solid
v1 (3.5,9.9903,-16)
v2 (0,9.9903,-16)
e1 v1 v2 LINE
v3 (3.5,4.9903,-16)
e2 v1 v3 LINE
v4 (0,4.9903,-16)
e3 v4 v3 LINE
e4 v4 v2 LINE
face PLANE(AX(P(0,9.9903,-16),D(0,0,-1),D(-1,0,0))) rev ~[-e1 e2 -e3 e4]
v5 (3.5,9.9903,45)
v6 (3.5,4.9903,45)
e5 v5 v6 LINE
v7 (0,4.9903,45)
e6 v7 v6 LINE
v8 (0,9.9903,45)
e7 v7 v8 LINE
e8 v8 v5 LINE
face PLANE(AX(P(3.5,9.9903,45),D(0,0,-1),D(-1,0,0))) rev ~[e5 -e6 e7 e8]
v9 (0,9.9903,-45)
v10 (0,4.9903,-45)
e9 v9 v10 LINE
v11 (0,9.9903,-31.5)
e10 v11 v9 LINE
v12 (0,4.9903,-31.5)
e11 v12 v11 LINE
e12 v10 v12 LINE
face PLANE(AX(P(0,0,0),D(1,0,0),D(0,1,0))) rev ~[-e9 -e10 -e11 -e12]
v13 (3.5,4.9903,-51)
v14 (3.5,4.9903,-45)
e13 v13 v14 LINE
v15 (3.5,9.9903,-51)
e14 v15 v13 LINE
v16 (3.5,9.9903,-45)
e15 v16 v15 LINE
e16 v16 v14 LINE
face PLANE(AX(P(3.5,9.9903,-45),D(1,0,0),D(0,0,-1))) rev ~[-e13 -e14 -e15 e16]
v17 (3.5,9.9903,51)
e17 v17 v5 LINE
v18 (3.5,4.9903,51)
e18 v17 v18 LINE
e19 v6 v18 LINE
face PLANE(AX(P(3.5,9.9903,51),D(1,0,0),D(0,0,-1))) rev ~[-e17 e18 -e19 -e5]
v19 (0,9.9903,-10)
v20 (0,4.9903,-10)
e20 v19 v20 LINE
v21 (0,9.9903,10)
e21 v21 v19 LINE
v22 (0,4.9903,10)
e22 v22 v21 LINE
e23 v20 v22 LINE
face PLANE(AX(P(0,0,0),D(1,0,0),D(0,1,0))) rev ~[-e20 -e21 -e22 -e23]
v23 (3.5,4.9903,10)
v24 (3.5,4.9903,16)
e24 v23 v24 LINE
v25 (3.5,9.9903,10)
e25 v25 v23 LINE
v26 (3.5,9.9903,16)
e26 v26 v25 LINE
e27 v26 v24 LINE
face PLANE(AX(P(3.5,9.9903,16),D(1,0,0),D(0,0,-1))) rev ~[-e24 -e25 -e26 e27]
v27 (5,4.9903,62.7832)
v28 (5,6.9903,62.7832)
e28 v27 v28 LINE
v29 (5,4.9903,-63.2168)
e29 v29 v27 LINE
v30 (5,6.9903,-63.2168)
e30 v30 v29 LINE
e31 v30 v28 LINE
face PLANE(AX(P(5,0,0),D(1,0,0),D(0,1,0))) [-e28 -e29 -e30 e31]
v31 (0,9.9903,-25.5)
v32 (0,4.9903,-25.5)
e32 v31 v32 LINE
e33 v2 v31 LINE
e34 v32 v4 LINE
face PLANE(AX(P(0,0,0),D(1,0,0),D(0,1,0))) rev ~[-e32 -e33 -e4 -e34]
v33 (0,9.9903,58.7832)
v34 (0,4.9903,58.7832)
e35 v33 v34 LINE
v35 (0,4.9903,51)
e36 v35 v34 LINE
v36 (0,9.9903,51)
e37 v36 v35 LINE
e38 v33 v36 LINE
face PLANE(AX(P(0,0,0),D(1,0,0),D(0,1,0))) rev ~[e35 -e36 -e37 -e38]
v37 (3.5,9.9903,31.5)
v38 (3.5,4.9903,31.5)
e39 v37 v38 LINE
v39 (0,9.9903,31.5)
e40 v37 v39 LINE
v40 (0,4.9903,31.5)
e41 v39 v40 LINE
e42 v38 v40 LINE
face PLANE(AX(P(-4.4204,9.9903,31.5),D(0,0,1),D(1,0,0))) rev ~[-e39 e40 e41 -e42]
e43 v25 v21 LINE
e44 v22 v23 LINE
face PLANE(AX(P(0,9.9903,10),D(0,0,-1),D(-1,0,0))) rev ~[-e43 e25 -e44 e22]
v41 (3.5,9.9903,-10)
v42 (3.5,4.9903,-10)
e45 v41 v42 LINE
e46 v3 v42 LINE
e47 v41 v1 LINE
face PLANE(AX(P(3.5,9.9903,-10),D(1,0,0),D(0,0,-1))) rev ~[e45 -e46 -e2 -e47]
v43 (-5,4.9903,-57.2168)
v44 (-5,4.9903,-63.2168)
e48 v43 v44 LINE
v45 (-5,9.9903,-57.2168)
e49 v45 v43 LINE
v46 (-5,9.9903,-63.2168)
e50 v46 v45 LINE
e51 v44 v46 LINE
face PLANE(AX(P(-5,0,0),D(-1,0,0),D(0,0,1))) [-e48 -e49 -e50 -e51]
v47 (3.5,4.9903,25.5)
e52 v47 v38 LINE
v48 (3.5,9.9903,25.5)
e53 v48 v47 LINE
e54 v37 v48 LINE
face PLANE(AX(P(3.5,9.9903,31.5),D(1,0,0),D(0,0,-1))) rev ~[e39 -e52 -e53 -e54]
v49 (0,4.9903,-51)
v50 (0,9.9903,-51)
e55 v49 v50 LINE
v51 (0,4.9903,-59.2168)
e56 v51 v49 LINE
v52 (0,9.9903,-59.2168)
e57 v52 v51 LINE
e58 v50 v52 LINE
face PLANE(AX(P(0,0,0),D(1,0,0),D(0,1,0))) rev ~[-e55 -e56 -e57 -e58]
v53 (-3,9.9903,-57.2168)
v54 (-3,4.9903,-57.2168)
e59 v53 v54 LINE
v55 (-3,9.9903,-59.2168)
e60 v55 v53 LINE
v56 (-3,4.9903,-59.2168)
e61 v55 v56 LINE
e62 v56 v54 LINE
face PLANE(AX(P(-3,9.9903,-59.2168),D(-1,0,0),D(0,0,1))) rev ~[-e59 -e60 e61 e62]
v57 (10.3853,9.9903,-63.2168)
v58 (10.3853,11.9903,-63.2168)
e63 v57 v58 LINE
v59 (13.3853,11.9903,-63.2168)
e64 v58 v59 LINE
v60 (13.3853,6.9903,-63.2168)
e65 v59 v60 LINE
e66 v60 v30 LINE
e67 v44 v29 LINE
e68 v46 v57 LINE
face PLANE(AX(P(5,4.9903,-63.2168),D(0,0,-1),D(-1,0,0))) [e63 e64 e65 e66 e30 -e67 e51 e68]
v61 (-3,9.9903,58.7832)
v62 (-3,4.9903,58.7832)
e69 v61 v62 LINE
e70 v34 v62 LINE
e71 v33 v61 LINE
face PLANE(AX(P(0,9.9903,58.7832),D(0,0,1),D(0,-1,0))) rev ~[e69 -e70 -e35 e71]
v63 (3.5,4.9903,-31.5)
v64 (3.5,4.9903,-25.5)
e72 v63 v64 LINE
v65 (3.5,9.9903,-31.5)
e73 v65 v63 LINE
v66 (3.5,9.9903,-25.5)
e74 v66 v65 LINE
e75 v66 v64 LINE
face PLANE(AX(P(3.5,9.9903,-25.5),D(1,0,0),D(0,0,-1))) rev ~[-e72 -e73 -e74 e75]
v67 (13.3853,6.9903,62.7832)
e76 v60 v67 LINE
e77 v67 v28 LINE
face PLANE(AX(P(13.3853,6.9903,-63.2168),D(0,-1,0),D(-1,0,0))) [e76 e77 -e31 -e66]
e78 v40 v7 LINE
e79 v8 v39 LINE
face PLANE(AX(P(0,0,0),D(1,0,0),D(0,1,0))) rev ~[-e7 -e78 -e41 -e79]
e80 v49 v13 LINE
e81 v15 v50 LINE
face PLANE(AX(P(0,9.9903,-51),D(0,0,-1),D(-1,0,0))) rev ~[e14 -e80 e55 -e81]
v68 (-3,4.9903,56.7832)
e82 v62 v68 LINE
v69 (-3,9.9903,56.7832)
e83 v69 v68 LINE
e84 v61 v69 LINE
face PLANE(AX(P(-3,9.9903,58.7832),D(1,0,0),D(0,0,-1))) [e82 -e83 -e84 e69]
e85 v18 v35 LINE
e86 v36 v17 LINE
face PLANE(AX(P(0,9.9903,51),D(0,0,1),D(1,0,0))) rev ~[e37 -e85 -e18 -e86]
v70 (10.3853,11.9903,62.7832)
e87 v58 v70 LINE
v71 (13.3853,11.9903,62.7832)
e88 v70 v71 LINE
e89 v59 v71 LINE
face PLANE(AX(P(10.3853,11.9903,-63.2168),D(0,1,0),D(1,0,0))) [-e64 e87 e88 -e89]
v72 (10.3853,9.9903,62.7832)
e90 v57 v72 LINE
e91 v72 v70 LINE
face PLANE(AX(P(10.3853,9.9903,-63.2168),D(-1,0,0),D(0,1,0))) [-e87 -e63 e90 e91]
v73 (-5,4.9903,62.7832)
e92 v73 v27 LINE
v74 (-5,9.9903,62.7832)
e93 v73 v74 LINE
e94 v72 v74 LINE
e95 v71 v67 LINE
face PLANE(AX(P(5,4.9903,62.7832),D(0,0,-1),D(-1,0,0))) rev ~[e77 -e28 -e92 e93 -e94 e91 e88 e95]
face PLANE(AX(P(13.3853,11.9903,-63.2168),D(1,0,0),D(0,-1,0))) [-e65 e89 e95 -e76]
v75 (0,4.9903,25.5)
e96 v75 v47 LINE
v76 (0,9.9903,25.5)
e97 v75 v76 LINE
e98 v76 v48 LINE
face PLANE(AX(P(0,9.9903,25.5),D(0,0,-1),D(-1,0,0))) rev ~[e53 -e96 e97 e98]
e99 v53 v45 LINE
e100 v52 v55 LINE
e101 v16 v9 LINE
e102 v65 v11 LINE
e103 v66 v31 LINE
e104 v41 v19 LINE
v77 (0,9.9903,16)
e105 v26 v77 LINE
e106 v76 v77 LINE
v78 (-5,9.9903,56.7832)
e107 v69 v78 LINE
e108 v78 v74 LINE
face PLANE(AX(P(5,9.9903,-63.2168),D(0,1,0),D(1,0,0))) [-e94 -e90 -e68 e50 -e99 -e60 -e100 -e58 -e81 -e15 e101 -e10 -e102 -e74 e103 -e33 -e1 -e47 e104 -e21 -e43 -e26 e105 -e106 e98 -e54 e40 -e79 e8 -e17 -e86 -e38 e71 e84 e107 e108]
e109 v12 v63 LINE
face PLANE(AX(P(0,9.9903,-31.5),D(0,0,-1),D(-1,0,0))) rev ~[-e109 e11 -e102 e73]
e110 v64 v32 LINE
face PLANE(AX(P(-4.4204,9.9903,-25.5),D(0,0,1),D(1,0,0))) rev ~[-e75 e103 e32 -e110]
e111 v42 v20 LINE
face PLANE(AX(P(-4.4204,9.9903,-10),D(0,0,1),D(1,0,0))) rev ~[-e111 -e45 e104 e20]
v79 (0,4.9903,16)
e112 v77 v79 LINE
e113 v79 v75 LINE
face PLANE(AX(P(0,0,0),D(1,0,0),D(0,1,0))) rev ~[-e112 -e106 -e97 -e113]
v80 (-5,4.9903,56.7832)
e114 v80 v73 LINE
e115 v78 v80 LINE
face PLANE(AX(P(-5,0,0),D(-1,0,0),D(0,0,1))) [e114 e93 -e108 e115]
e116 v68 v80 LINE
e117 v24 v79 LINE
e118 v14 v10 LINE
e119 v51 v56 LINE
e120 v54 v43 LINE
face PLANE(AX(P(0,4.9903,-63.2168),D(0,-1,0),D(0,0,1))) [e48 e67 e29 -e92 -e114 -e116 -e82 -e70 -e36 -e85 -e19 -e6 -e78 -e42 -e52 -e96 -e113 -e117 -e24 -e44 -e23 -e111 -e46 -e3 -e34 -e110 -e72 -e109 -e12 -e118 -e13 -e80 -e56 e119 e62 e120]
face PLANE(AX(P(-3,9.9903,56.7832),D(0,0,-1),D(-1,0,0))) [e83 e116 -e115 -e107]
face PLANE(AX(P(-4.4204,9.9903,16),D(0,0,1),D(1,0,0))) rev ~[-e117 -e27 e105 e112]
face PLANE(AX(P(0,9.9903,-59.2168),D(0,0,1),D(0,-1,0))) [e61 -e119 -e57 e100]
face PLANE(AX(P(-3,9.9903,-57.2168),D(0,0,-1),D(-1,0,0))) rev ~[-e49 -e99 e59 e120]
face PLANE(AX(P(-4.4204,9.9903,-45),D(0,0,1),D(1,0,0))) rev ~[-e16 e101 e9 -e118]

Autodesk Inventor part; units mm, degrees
ref_plane "YZ Plane" through (0, 0, 0) normal (1, 0, 0) x (0, 1, 0)
ref_plane "XZ Plane" through (0, 0, 0) normal (0, 1, 0) x (-1, 0, 0)
ref_plane "XY Plane" through (0, 0, 0) normal (0, 0, 1) x (1, 0, 0)
sketch "Sketch1" plane through (0, 0, 0) normal (1, 0, 0) x (0, 1, 0)
  line L0 (4.9903, 62.7832) -> (9.9903, 62.7832)
  line L1 (9.9903, 62.7832) -> (9.9903, -63.2168)
  line L2 (9.9903, -63.2168) -> (4.9903, -63.2168)
  line L3 (4.9903, -63.2168) -> (4.9903, 62.7832)
  point P0 (0, 0)
  dimension "d0" = 126
  dimension "d1" = 5
extrude "Extrusion1" add sketch "Sketch1" along normal blind 5
sketch "Sketch2" plane through (0, 0, 0) normal (-1, 0, 0) x (0, 0, 1)
  line L0 (-63.2168, 9.9903) -> (62.7832, 9.9903) projected
  line L1 (62.7832, 4.9903) -> (-63.2168, 4.9903) projected
  line L2 (62.7832, 9.9903) -> (58.7832, 9.9903)
  line L3 (58.7832, 9.9903) -> (58.7832, 4.9903)
  line L4 (58.7832, 4.9903) -> (62.7832, 4.9903)
  line L5 (62.7832, 4.9903) -> (62.7832, 9.9903)
  line L6 (-63.2168, 4.9903) -> (-63.2168, 9.9903) projected
  line L7 (-63.2168, 9.9903) -> (-59.2168, 9.9903)
  line L8 (-59.2168, 9.9903) -> (-59.2168, 4.9903)
  line L9 (-59.2168, 4.9903) -> (-63.2168, 4.9903)
  line L10 (-63.2168, 4.9903) -> (-63.2168, 9.9903)
  point P0 (0, 0)
  dimension "d4" = 4
  dimension "d5" = 4
extrude "Extrusion2" add sketch "Sketch2" along normal blind 5 contours L0 L8 L1 L6 | L0 L5 L1 L3
sketch "Sketch3" plane through (5, 9.9903, 62.7832) normal (0, 1, 0) x (1, 0, 0)
  line L0 (-10, 4) -> (-10, 0) projected
  line L1 (-10, 4) -> (-8, 4)
  line L2 (-8, 4) -> (-8, 6)
  line L3 (-8, 6) -> (-10, 6)
  line L4 (-10, 6) -> (-10, 4)
  line L5 (-10, 122) -> (-10, 126) projected
  line L6 (-10, 122) -> (-8, 122)
  line L7 (-8, 122) -> (-8, 120)
  line L8 (-8, 120) -> (-10, 120)
  line L9 (-10, 120) -> (-10, 122)
  point P0 (-5, 62.7832)
  dimension "d8" = 2
  dimension "d9" = 2
  dimension "d37" = 2
extrude "Extrusion3" add sketch "Sketch3" against normal blind 5
sketch "Sketch4" plane through (5, 4.9903, -63.2168) normal (0, 0, -1) x (-1, 0, 0)
  line L0 (10, 5) -> (0, 5) projected
  line L1 (0, 5) -> (-5.3853, 5)
  line L2 (-5.3853, 5) -> (-5.3853, 7)
  line L3 (-5.3853, 7) -> (-8.3853, 7)
  line L4 (-8.3853, 7) -> (-8.3853, 2)
  line L5 (-8.3853, 2) -> (0, 2)
  line L6 (0, 0) -> (0, 5) projected
  line L7 (0, 5) -> (0, 2)
  point P0 (5, -4.9903)
  dimension "d12" = 3
  dimension "d13" = 3
  dimension "d14" = 2
  dimension "d15" = 5
extrude "Extrusion4" add sketch "Sketch4" against normal up to surface (126 mm away)
sketch "Sketch5" plane through (0, 9.9903, 58.7832) normal (0, 1, 0) x (1, 0, 0)
  line L0 (-4.4204, 27.2832) -> (3.5, 27.2832)
  line L1 (3.5, 27.2832) -> (3.5, 33.2832)
  line L2 (3.5, 33.2832) -> (-4.4204, 33.2832)
  line L3 (-4.4204, 33.2832) -> (-4.4204, 27.2832)
  line L4 (-4.4204, 84.2832) -> (3.5, 84.2832)
  line L5 (3.5, 84.2832) -> (3.5, 90.2832)
  line L6 (3.5, 90.2832) -> (-4.4204, 90.2832)
  line L7 (-4.4204, 90.2832) -> (-4.4204, 84.2832)
  line L8 (10.3853, 122) -> (10.3853, -4) projected
  line L9 (-4.4204, 7.7832) -> (3.5, 7.7832)
  line L10 (3.5, 7.7832) -> (3.5, 13.7832)
  line L11 (3.5, 13.7832) -> (-4.4204, 13.7832)
  line L12 (-4.4204, 13.7832) -> (-4.4204, 7.7832)
  line L13 (-4.4204, 103.7832) -> (3.5, 103.7832)
  line L14 (3.5, 103.7832) -> (3.5, 109.7832)
  line L15 (3.5, 109.7832) -> (-4.4204, 109.7832)
  line L16 (-4.4204, 109.7832) -> (-4.4204, 103.7832)
  line L17 (0, 118) -> (0, 0) projected
  line L18 (-4.4204, 42.7832) -> (3.5, 42.7832)
  line L19 (3.5, 42.7832) -> (3.5, 48.7832)
  line L20 (3.5, 48.7832) -> (-4.4204, 48.7832)
  line L21 (-4.4204, 48.7832) -> (-4.4204, 42.7832)
  line L22 (-4.4204, 68.7832) -> (3.5, 68.7832)
  line L23 (3.5, 68.7832) -> (3.5, 74.7832)
  line L24 (3.5, 74.7832) -> (-4.4204, 74.7832)
  line L25 (-4.4204, 74.7832) -> (-4.4204, 68.7832)
  point P0 (0, 58.7832)
  dimension "d18" = 6
  dimension "d20" = 6
  dimension "d21" = 25.5
  dimension "d22" = 25.5
  dimension "d25" = 6
  dimension "d26" = 6
  dimension "d27" = 45
  dimension "d28" = 45
  dimension "d31" = 3.5
  dimension "d32" = 3.5
  dimension "d33" = 6
  dimension "d34" = 6
  dimension "d35" = 10
  dimension "d36" = 10
extrude "Extrusion5" cut sketch "Sketch5" against normal blind 10
properties part number "scratcher"
